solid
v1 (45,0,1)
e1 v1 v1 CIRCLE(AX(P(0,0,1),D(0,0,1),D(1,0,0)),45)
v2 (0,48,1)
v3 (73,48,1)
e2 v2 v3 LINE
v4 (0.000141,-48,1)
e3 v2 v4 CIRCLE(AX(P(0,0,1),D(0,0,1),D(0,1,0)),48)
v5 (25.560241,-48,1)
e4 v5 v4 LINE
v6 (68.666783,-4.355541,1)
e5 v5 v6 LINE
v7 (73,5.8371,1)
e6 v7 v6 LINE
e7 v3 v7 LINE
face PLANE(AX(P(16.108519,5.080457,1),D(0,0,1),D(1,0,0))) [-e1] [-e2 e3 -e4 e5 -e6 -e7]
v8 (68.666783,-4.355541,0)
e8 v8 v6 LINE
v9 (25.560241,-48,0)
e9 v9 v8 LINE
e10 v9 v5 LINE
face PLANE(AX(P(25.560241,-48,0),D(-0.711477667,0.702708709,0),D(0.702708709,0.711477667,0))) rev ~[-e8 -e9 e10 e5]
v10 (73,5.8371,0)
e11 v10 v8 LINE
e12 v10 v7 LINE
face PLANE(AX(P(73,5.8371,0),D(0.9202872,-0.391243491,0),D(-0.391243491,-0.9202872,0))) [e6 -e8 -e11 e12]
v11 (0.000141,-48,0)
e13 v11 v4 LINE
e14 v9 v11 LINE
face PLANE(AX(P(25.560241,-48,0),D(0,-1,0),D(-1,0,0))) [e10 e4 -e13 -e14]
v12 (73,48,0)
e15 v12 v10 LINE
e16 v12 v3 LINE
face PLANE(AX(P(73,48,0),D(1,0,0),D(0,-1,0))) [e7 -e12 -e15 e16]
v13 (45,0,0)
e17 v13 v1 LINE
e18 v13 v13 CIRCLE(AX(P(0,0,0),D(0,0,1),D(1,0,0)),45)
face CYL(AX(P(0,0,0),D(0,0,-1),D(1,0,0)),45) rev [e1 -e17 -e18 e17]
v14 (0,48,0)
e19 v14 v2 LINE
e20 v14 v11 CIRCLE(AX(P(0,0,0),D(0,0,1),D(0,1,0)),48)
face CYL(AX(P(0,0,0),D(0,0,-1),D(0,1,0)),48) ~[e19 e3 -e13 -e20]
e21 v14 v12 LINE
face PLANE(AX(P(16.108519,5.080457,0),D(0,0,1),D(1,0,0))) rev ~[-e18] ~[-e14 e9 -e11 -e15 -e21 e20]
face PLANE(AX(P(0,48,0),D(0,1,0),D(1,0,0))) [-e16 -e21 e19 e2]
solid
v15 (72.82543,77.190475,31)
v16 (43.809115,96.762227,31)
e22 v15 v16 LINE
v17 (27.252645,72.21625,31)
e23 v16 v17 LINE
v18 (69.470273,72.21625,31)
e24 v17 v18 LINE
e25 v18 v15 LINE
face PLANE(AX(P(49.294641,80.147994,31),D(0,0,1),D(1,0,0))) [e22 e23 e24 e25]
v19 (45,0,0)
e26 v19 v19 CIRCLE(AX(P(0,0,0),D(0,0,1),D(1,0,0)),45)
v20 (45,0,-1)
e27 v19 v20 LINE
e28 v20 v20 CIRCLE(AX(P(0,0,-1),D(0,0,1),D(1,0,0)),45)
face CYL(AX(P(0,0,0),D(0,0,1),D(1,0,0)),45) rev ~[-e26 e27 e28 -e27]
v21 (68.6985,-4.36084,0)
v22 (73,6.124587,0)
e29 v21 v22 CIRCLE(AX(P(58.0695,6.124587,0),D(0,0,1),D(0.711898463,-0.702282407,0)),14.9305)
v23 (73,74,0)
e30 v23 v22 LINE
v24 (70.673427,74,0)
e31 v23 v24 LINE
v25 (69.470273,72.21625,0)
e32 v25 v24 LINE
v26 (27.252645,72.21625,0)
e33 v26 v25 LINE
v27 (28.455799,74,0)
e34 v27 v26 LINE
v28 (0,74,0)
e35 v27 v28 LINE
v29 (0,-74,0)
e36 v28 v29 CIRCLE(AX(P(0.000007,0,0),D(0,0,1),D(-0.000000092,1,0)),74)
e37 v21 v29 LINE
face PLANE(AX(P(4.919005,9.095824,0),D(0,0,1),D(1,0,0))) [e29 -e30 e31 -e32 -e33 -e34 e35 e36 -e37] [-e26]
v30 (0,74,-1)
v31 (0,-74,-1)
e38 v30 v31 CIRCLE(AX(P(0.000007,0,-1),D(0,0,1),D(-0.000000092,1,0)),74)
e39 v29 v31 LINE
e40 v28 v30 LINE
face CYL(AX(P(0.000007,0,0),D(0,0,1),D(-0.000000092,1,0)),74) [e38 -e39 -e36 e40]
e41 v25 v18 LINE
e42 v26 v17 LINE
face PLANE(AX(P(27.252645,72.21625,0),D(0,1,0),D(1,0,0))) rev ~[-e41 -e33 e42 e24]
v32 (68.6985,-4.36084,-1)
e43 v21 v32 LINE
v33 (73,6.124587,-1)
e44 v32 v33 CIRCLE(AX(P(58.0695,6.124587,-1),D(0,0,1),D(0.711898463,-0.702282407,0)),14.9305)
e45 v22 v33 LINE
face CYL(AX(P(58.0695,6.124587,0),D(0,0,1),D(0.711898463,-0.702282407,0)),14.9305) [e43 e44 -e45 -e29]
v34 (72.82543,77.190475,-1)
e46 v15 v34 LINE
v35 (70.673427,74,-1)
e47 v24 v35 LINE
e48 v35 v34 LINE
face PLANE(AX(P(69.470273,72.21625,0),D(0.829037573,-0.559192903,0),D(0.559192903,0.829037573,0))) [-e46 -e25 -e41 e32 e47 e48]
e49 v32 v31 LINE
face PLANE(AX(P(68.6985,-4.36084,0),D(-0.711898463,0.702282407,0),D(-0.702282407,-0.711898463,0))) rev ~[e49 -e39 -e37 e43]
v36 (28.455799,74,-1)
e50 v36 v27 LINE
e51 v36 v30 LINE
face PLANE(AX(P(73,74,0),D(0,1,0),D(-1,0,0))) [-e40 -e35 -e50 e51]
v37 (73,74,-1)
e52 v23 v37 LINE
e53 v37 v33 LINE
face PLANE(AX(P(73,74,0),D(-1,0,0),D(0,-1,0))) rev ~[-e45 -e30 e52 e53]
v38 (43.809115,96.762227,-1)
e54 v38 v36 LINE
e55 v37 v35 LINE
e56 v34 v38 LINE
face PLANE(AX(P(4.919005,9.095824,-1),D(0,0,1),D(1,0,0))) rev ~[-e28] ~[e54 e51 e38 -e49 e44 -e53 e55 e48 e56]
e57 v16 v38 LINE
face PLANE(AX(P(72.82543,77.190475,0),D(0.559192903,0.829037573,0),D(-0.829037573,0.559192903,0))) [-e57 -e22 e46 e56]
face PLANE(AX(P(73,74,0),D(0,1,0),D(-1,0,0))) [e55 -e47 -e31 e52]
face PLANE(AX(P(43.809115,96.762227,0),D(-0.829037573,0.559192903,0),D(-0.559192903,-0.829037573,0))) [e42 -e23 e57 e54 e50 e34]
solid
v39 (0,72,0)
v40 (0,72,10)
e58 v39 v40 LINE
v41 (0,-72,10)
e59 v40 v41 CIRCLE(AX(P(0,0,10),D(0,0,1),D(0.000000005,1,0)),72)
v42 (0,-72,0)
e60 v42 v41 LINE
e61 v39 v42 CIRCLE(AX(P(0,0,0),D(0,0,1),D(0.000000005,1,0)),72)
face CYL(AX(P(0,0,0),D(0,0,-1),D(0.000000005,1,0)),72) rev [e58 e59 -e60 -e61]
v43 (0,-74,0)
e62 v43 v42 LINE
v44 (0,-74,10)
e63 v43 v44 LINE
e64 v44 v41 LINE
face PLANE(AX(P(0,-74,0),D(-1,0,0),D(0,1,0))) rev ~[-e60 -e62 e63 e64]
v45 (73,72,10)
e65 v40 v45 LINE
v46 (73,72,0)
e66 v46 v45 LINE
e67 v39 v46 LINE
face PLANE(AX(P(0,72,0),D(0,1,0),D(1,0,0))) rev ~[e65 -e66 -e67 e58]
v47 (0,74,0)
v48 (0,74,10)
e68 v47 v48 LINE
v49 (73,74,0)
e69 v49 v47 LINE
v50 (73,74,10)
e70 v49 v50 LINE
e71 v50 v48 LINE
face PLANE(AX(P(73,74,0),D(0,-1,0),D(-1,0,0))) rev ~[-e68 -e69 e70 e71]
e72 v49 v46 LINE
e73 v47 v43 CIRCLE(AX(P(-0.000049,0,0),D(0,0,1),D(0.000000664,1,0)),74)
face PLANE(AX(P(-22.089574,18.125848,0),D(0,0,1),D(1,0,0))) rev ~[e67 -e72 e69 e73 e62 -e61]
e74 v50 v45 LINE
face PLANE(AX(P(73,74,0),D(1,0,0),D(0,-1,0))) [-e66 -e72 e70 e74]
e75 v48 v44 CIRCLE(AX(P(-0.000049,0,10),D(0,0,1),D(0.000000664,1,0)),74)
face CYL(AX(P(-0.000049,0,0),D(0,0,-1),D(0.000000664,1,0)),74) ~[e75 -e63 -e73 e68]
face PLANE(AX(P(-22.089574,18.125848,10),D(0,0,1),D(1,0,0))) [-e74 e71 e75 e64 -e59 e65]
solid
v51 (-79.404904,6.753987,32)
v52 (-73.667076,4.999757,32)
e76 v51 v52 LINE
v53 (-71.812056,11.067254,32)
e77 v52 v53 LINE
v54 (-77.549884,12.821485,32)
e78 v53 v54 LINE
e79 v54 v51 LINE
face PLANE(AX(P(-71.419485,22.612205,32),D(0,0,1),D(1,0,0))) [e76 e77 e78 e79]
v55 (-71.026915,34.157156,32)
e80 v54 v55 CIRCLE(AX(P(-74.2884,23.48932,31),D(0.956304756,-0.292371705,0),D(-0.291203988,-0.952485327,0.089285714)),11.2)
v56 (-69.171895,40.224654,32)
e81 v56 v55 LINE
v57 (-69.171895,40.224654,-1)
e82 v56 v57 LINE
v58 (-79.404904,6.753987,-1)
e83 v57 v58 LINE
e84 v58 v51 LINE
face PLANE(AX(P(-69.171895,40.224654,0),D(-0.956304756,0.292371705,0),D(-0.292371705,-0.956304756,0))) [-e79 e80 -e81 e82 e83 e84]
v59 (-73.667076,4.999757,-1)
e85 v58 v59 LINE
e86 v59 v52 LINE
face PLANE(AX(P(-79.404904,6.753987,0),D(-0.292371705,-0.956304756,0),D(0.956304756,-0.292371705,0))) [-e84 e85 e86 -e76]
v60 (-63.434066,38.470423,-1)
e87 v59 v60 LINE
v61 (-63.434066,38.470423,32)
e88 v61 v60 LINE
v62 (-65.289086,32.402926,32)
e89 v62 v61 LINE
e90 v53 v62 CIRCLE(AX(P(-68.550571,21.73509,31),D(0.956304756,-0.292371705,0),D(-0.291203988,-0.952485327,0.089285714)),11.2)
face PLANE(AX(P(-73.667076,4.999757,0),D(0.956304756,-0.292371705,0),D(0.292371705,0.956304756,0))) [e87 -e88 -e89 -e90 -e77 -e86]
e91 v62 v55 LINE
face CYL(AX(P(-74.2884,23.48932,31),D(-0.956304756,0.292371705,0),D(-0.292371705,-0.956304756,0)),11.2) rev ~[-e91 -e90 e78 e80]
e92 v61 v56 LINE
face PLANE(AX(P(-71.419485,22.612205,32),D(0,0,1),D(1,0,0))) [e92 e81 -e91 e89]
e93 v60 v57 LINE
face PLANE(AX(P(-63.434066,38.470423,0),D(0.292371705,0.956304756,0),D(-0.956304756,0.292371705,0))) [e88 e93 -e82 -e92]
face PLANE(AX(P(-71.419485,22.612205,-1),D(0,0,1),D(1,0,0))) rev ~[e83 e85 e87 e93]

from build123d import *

# Parameters (mm, degrees)
PAD001_DEPTH      = 10
SKETCH024_R       = 45
PAD002_DEPTH      = 1
PAD004_DEPTH      = 32
PAD004_DEPTH_BACK = 1
SKETCH027_R       = 11.2
POCKET001_DEPTH   = 15.7868758108
SKETCH001_R       = 45
PAD_DEPTH         = 1
PAD005_DEPTH      = 31
PAD005_DEPTH_BACK = 1


with BuildPart() as connector:
    # Sketch002 → Pad001 (new body)
    with BuildSketch(Plane.XY):
        with BuildLine():
            Line((73, 74), (0, 74))
            ThreePointArc((0, 74), (-74.0000491177, 0), (0, -74))
            Line((0, -74), (0, -72))
            ThreePointArc((0, 72), (-72.0000003334, 0), (0, -72))
            Line((0, 72), (73, 72))
            Line((73, 74), (73, 72))
        make_face()
    extrude(amount=PAD001_DEPTH)


with BuildPart() as facestiffener001:
    # Sketch024 → Pad002 (new body)
    with BuildSketch(Plane.XY):
        with BuildLine():
            ThreePointArc((0, 48), (-48, -7.06549e-05), (0.0001413098, -47.9999999999))
            Line((25.5602413098, -47.9999999999), (0.0001413097, -47.9999999999))
            Line((25.5602413098, -47.9999999999), (68.6667827194, -4.3555408869))
            Line((73, 5.8371), (68.6667827194, -4.3555408869))
            Line((73, 48), (73, 5.8371))
            Line((0, 48), (73, 48))
        make_face()
        Circle(SKETCH024_R, mode=Mode.SUBTRACT)
    extrude(amount=PAD002_DEPTH)


with BuildPart() as pocket001:
    # Sketch025 → Pad004 (new body, two sides)
    with BuildSketch(Plane.XY) as pad004_sk:
        Polygon((-69.1718947306, 40.2246535265), (-79.4049043959, 6.7539870678), (-73.6670758601, 4.9997568394), (-63.4340661948, 38.4704232981), align=None)
    extrude(amount=PAD004_DEPTH)
    extrude(pad004_sk.sketch, amount=-PAD004_DEPTH_BACK)

    # Sketch027 → Pocket001 (cut, through all)
    with BuildSketch(Plane(origin=(-74.5056676119, 22.7786685315, 0), x_dir=(-0.2923717047, -0.956304756, 0), z_dir=(-0.956304756, 0.2923717047, 0))):
        with Locations((-0.743122693, 31)):
            Circle(SKETCH027_R)
    extrude(amount=-POCKET001_DEPTH, mode=Mode.SUBTRACT)


with BuildPart() as pad005:
    # Sketch001 → Pad (new body)
    with BuildSketch(Plane.XY):
        with BuildLine():
            Line((73, 74), (0, 74))
            ThreePointArc((0, 74), (-73.9999932033, 0), (0, -74))
            Line((68.6985, -4.3608404621), (0, -74))
            ThreePointArc((68.6985, -4.3608404621), (71.8828289751, 0.4578619517), (73, 6.124587009))
            Line((73, 74), (73, 6.124587009))
        make_face()
        Circle(SKETCH001_R, mode=Mode.SUBTRACT)
    extrude(amount=-PAD_DEPTH)

    # Sketch → Pad005 (new body, two sides)
    with BuildSketch(Plane.XY) as pad005_sk:
        Polygon((27.252644507, 72.2162499408), (69.4702727046, 72.2162499408), (72.8254301255, 77.1904753762), (43.809115086, 96.7622269976), align=None)
    extrude(amount=PAD005_DEPTH)
    extrude(pad005_sk.sketch, amount=-PAD005_DEPTH_BACK)


solid = Compound([connector.part, facestiffener001.part, pocket001.part, pad005.part])
